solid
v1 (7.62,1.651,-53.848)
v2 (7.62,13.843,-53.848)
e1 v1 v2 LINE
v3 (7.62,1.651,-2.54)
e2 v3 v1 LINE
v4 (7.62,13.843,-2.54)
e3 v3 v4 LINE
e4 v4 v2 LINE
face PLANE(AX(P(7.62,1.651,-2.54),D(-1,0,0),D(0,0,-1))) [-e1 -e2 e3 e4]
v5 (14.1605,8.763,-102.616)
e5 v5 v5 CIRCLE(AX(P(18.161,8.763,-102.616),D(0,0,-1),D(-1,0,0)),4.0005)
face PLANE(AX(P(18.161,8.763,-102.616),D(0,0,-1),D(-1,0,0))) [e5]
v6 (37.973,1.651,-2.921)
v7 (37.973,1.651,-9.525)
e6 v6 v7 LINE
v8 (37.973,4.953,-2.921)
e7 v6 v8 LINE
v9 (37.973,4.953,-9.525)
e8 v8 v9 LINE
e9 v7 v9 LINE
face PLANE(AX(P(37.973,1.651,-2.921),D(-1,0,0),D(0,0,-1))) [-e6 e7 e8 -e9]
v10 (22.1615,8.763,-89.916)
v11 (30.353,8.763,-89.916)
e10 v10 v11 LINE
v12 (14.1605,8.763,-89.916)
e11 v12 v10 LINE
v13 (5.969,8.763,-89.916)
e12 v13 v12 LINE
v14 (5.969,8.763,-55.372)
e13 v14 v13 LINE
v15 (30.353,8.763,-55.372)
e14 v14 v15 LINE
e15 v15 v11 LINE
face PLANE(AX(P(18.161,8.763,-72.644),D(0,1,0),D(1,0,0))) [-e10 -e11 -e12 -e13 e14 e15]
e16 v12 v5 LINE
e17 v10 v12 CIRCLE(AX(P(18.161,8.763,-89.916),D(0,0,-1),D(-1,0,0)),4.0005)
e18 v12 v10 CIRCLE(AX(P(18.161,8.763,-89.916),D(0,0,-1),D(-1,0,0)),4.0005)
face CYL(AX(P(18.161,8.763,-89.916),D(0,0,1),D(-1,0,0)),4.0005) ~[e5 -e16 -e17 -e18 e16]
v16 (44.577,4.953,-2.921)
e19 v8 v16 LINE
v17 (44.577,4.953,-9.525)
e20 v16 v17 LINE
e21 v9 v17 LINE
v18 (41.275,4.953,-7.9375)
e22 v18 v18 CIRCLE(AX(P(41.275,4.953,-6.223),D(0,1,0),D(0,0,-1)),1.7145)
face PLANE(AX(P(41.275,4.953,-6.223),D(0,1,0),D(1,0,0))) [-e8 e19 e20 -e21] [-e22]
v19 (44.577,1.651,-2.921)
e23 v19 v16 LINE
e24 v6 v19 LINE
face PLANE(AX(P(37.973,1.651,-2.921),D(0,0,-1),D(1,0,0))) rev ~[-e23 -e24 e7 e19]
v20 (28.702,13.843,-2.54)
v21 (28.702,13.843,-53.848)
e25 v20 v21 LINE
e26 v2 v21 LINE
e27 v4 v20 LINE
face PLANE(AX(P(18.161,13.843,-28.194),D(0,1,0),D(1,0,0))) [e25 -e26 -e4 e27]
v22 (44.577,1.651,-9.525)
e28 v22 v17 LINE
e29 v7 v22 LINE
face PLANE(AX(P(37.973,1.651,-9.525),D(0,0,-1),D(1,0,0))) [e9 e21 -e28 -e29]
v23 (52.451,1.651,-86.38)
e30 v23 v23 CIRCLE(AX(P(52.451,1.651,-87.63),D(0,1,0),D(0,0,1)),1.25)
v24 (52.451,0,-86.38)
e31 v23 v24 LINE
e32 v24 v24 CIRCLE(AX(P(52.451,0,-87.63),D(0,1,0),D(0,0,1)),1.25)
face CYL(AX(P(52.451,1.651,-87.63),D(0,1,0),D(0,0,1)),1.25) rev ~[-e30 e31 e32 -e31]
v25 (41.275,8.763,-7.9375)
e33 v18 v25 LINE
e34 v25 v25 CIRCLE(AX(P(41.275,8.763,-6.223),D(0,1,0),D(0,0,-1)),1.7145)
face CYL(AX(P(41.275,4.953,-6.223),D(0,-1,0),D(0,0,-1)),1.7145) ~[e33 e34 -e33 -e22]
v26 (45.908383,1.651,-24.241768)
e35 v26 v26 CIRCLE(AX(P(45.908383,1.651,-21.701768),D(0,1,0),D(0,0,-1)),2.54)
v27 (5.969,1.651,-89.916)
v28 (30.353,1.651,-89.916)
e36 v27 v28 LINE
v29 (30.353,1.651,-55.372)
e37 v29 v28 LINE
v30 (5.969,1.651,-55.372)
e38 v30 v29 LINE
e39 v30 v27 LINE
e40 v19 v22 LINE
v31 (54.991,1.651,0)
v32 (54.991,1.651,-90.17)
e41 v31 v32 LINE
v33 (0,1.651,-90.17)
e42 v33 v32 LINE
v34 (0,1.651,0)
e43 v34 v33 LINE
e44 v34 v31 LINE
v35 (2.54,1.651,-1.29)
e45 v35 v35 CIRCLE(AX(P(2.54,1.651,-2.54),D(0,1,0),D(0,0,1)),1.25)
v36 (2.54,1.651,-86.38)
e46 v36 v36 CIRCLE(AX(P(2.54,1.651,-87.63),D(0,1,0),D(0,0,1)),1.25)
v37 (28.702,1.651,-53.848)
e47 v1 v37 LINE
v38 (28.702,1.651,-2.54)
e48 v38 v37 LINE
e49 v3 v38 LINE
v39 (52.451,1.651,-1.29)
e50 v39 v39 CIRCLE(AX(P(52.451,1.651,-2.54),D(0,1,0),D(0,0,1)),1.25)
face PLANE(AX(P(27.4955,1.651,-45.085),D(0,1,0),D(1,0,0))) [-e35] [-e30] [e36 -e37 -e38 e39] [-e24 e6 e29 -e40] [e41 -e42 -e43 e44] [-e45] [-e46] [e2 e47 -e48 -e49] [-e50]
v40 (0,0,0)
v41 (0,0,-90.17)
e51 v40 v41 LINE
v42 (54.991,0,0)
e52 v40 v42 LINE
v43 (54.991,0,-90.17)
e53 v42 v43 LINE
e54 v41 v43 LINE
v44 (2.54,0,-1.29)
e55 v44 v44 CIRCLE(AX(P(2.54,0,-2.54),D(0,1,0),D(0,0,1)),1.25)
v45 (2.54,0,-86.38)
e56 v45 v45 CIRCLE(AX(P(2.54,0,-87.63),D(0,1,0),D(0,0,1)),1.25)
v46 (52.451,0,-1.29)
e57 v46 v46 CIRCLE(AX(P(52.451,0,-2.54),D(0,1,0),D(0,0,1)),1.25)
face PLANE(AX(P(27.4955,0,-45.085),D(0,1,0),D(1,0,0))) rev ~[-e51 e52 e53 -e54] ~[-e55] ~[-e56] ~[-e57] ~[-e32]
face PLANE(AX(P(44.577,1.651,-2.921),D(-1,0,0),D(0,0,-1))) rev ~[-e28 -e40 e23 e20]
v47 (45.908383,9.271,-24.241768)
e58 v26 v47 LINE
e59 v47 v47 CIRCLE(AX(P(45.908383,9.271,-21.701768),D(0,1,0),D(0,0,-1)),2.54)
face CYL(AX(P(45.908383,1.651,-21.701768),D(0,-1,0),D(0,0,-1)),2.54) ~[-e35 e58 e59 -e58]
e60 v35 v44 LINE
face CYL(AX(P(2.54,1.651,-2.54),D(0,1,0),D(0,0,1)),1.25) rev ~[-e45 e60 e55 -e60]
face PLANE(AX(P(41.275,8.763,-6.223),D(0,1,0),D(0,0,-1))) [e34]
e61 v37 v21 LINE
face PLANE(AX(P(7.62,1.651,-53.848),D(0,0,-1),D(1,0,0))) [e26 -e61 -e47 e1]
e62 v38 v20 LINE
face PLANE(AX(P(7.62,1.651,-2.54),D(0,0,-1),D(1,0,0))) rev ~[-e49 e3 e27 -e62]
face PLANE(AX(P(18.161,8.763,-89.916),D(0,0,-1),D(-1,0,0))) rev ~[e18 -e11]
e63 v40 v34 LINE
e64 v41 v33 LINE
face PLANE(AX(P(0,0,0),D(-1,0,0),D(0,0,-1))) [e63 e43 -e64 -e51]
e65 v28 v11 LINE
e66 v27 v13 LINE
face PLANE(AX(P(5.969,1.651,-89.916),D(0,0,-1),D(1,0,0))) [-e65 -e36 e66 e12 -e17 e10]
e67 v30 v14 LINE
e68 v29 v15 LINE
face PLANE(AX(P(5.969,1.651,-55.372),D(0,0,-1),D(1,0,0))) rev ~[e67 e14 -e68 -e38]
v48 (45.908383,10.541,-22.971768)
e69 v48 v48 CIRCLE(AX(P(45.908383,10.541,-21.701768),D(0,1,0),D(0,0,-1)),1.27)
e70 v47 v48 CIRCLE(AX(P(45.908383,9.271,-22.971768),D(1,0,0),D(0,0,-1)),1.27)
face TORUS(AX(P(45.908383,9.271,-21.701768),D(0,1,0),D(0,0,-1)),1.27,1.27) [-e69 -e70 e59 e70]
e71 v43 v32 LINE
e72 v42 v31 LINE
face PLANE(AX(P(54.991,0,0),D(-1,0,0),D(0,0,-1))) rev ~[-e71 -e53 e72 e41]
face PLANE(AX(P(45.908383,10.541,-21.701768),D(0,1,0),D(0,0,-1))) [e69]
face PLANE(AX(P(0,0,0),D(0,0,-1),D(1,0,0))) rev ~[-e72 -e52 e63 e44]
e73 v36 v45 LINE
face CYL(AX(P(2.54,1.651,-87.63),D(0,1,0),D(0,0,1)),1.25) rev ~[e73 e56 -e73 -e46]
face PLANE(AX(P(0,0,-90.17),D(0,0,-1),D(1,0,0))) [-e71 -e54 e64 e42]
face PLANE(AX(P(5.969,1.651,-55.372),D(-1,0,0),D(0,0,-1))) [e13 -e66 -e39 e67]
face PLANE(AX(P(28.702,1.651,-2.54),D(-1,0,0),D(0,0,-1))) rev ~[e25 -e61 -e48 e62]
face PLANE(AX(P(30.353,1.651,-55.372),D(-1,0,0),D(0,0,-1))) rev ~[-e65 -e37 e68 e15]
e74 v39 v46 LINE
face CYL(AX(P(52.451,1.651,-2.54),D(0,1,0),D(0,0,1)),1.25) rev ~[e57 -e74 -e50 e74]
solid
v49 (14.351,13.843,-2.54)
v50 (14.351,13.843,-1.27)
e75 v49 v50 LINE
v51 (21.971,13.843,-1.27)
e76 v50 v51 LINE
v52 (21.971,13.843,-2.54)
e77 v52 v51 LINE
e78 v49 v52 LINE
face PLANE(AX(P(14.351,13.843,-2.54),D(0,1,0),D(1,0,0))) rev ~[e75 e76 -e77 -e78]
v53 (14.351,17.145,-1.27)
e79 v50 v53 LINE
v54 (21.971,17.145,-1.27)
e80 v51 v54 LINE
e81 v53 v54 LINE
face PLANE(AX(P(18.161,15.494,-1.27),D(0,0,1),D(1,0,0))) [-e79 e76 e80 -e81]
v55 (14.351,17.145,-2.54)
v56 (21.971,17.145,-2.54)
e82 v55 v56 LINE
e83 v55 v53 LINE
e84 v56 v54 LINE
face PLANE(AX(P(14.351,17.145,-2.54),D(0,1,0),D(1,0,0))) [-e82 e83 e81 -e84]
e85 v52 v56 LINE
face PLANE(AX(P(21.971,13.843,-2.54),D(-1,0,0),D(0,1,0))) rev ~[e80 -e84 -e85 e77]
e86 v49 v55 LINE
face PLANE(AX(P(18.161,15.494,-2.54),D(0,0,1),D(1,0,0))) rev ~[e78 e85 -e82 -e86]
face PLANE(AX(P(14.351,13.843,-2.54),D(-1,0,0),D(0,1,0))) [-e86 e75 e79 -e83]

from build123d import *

# Parameters (mm, degrees)
SKETCH1_W           = 54.991
SKETCH1_H           = 90.17
BOARD_DEPTH         = 1.651
SKETCH2_W           = 21.082
SKETCH2_H           = 51.308
RPI_DEPTH           = 12.192
SKETCH2_3_W         = 6.604
SKETCH2_3_H         = 6.604
BUTTON_BASE_DEPTH   = 3.302
SKETCH2_4_W         = 24.384
SKETCH2_4_H         = 34.544
ZIGBEE_DEPTH        = 7.112
SKETCH3_R           = 1.7145
BUTTON_DEPTH        = 3.81
SKETCH4_R           = 2.54
LED_DEPTH           = 8.89
FILLET1_R           = 1.27
SKETCH5_W           = 7.62
SKETCH5_H           = 3.302
PI_PLUG_DEPTH       = 1.27
SKETCH6_R           = 4.0005
BOSS_EXTRUDE8_DEPTH = 12.7
SKETCH7_R           = 1.25
SCREW_HOLES_DEPTH   = 118.448361304


with BuildPart() as part:
    # Sketch1 → Board (new body)
    with BuildSketch(Plane(origin=(0, 0, 0), x_dir=(1, 0, 0), z_dir=(0, 1, 0))):
        with Locations((27.4955, 45.085)):
            Rectangle(SKETCH1_W, SKETCH1_H)
    extrude(amount=BOARD_DEPTH)

    # Sketch2 → RPI (add)
    with BuildSketch(Plane(origin=(0, 1.651, 0), x_dir=(1, 0, 0), z_dir=(0, 1, 0))):
        with Locations((18.161, 28.194)):
            Rectangle(SKETCH2_W, SKETCH2_H)
    extrude(amount=RPI_DEPTH)

    # Sketch2<3> → Button Base (add)
    with BuildSketch(Plane(origin=(0, 1.651, 0), x_dir=(1, 0, 0), z_dir=(0, 1, 0))):
        with Locations((41.275, 6.223)):
            Rectangle(SKETCH2_3_W, SKETCH2_3_H)
    extrude(amount=BUTTON_BASE_DEPTH)

    # Sketch2<4> → Zigbee (add)
    with BuildSketch(Plane(origin=(0, 1.651, 0), x_dir=(1, 0, 0), z_dir=(0, 1, 0))):
        with Locations((18.161, 72.644)):
            Rectangle(SKETCH2_4_W, SKETCH2_4_H)
    extrude(amount=ZIGBEE_DEPTH)

    # Sketch3 → Button (add)
    with BuildSketch(Plane(origin=(0, 4.953, 0), x_dir=(1, 0, 0), z_dir=(0, 1, 0))):
        with Locations((41.275, 6.223)):
            Circle(SKETCH3_R)
    extrude(amount=BUTTON_DEPTH)

    # Sketch4 → LED (add)
    with BuildSketch(Plane(origin=(0, 1.651, 0), x_dir=(1, 0, 0), z_dir=(0, 1, 0))):
        with Locations((45.908383197, 21.701767965)):
            Circle(SKETCH4_R)
    extrude(amount=LED_DEPTH)

    # Fillet1
    fillet1_edges = [part.edges().sort_by_distance(p)[0] for p in [
        (43.368383197, 10.541, -21.701767965),
    ]]
    fillet(fillet1_edges, radius=FILLET1_R)

    # Sketch6 → Boss-Extrude8 (add)
    with BuildSketch(Plane(origin=(0, 0, -89.916), x_dir=(-1, 0, 0), z_dir=(0, 0, -1))):
        with Locations((-18.161, 8.763)):
            Circle(SKETCH6_R)
    extrude(amount=BOSS_EXTRUDE8_DEPTH)

    # Sketch7 → Screw Holes (cut, through all)
    with BuildSketch(Plane(origin=(0, 1.651, 0), x_dir=(1, 0, 0), z_dir=(0, 1, 0))):
        with Locations((2.54, 87.63)):
            Circle(SKETCH7_R)
        with Locations((2.54, 2.54)):
            Circle(SKETCH7_R)
        with Locations((52.451, 2.54)):
            Circle(SKETCH7_R)
        with Locations((52.451, 87.63)):
            Circle(SKETCH7_R)
    extrude(amount=-SCREW_HOLES_DEPTH, mode=Mode.SUBTRACT)


with BuildPart() as body_2:
    # Sketch5 → PI Plug (new body)
    with BuildSketch(Plane.XY.offset(-2.54)):
        with Locations((18.161, 15.494)):
            Rectangle(SKETCH5_W, SKETCH5_H)
    extrude(amount=PI_PLUG_DEPTH)


solid = Compound([part.part, body_2.part])
